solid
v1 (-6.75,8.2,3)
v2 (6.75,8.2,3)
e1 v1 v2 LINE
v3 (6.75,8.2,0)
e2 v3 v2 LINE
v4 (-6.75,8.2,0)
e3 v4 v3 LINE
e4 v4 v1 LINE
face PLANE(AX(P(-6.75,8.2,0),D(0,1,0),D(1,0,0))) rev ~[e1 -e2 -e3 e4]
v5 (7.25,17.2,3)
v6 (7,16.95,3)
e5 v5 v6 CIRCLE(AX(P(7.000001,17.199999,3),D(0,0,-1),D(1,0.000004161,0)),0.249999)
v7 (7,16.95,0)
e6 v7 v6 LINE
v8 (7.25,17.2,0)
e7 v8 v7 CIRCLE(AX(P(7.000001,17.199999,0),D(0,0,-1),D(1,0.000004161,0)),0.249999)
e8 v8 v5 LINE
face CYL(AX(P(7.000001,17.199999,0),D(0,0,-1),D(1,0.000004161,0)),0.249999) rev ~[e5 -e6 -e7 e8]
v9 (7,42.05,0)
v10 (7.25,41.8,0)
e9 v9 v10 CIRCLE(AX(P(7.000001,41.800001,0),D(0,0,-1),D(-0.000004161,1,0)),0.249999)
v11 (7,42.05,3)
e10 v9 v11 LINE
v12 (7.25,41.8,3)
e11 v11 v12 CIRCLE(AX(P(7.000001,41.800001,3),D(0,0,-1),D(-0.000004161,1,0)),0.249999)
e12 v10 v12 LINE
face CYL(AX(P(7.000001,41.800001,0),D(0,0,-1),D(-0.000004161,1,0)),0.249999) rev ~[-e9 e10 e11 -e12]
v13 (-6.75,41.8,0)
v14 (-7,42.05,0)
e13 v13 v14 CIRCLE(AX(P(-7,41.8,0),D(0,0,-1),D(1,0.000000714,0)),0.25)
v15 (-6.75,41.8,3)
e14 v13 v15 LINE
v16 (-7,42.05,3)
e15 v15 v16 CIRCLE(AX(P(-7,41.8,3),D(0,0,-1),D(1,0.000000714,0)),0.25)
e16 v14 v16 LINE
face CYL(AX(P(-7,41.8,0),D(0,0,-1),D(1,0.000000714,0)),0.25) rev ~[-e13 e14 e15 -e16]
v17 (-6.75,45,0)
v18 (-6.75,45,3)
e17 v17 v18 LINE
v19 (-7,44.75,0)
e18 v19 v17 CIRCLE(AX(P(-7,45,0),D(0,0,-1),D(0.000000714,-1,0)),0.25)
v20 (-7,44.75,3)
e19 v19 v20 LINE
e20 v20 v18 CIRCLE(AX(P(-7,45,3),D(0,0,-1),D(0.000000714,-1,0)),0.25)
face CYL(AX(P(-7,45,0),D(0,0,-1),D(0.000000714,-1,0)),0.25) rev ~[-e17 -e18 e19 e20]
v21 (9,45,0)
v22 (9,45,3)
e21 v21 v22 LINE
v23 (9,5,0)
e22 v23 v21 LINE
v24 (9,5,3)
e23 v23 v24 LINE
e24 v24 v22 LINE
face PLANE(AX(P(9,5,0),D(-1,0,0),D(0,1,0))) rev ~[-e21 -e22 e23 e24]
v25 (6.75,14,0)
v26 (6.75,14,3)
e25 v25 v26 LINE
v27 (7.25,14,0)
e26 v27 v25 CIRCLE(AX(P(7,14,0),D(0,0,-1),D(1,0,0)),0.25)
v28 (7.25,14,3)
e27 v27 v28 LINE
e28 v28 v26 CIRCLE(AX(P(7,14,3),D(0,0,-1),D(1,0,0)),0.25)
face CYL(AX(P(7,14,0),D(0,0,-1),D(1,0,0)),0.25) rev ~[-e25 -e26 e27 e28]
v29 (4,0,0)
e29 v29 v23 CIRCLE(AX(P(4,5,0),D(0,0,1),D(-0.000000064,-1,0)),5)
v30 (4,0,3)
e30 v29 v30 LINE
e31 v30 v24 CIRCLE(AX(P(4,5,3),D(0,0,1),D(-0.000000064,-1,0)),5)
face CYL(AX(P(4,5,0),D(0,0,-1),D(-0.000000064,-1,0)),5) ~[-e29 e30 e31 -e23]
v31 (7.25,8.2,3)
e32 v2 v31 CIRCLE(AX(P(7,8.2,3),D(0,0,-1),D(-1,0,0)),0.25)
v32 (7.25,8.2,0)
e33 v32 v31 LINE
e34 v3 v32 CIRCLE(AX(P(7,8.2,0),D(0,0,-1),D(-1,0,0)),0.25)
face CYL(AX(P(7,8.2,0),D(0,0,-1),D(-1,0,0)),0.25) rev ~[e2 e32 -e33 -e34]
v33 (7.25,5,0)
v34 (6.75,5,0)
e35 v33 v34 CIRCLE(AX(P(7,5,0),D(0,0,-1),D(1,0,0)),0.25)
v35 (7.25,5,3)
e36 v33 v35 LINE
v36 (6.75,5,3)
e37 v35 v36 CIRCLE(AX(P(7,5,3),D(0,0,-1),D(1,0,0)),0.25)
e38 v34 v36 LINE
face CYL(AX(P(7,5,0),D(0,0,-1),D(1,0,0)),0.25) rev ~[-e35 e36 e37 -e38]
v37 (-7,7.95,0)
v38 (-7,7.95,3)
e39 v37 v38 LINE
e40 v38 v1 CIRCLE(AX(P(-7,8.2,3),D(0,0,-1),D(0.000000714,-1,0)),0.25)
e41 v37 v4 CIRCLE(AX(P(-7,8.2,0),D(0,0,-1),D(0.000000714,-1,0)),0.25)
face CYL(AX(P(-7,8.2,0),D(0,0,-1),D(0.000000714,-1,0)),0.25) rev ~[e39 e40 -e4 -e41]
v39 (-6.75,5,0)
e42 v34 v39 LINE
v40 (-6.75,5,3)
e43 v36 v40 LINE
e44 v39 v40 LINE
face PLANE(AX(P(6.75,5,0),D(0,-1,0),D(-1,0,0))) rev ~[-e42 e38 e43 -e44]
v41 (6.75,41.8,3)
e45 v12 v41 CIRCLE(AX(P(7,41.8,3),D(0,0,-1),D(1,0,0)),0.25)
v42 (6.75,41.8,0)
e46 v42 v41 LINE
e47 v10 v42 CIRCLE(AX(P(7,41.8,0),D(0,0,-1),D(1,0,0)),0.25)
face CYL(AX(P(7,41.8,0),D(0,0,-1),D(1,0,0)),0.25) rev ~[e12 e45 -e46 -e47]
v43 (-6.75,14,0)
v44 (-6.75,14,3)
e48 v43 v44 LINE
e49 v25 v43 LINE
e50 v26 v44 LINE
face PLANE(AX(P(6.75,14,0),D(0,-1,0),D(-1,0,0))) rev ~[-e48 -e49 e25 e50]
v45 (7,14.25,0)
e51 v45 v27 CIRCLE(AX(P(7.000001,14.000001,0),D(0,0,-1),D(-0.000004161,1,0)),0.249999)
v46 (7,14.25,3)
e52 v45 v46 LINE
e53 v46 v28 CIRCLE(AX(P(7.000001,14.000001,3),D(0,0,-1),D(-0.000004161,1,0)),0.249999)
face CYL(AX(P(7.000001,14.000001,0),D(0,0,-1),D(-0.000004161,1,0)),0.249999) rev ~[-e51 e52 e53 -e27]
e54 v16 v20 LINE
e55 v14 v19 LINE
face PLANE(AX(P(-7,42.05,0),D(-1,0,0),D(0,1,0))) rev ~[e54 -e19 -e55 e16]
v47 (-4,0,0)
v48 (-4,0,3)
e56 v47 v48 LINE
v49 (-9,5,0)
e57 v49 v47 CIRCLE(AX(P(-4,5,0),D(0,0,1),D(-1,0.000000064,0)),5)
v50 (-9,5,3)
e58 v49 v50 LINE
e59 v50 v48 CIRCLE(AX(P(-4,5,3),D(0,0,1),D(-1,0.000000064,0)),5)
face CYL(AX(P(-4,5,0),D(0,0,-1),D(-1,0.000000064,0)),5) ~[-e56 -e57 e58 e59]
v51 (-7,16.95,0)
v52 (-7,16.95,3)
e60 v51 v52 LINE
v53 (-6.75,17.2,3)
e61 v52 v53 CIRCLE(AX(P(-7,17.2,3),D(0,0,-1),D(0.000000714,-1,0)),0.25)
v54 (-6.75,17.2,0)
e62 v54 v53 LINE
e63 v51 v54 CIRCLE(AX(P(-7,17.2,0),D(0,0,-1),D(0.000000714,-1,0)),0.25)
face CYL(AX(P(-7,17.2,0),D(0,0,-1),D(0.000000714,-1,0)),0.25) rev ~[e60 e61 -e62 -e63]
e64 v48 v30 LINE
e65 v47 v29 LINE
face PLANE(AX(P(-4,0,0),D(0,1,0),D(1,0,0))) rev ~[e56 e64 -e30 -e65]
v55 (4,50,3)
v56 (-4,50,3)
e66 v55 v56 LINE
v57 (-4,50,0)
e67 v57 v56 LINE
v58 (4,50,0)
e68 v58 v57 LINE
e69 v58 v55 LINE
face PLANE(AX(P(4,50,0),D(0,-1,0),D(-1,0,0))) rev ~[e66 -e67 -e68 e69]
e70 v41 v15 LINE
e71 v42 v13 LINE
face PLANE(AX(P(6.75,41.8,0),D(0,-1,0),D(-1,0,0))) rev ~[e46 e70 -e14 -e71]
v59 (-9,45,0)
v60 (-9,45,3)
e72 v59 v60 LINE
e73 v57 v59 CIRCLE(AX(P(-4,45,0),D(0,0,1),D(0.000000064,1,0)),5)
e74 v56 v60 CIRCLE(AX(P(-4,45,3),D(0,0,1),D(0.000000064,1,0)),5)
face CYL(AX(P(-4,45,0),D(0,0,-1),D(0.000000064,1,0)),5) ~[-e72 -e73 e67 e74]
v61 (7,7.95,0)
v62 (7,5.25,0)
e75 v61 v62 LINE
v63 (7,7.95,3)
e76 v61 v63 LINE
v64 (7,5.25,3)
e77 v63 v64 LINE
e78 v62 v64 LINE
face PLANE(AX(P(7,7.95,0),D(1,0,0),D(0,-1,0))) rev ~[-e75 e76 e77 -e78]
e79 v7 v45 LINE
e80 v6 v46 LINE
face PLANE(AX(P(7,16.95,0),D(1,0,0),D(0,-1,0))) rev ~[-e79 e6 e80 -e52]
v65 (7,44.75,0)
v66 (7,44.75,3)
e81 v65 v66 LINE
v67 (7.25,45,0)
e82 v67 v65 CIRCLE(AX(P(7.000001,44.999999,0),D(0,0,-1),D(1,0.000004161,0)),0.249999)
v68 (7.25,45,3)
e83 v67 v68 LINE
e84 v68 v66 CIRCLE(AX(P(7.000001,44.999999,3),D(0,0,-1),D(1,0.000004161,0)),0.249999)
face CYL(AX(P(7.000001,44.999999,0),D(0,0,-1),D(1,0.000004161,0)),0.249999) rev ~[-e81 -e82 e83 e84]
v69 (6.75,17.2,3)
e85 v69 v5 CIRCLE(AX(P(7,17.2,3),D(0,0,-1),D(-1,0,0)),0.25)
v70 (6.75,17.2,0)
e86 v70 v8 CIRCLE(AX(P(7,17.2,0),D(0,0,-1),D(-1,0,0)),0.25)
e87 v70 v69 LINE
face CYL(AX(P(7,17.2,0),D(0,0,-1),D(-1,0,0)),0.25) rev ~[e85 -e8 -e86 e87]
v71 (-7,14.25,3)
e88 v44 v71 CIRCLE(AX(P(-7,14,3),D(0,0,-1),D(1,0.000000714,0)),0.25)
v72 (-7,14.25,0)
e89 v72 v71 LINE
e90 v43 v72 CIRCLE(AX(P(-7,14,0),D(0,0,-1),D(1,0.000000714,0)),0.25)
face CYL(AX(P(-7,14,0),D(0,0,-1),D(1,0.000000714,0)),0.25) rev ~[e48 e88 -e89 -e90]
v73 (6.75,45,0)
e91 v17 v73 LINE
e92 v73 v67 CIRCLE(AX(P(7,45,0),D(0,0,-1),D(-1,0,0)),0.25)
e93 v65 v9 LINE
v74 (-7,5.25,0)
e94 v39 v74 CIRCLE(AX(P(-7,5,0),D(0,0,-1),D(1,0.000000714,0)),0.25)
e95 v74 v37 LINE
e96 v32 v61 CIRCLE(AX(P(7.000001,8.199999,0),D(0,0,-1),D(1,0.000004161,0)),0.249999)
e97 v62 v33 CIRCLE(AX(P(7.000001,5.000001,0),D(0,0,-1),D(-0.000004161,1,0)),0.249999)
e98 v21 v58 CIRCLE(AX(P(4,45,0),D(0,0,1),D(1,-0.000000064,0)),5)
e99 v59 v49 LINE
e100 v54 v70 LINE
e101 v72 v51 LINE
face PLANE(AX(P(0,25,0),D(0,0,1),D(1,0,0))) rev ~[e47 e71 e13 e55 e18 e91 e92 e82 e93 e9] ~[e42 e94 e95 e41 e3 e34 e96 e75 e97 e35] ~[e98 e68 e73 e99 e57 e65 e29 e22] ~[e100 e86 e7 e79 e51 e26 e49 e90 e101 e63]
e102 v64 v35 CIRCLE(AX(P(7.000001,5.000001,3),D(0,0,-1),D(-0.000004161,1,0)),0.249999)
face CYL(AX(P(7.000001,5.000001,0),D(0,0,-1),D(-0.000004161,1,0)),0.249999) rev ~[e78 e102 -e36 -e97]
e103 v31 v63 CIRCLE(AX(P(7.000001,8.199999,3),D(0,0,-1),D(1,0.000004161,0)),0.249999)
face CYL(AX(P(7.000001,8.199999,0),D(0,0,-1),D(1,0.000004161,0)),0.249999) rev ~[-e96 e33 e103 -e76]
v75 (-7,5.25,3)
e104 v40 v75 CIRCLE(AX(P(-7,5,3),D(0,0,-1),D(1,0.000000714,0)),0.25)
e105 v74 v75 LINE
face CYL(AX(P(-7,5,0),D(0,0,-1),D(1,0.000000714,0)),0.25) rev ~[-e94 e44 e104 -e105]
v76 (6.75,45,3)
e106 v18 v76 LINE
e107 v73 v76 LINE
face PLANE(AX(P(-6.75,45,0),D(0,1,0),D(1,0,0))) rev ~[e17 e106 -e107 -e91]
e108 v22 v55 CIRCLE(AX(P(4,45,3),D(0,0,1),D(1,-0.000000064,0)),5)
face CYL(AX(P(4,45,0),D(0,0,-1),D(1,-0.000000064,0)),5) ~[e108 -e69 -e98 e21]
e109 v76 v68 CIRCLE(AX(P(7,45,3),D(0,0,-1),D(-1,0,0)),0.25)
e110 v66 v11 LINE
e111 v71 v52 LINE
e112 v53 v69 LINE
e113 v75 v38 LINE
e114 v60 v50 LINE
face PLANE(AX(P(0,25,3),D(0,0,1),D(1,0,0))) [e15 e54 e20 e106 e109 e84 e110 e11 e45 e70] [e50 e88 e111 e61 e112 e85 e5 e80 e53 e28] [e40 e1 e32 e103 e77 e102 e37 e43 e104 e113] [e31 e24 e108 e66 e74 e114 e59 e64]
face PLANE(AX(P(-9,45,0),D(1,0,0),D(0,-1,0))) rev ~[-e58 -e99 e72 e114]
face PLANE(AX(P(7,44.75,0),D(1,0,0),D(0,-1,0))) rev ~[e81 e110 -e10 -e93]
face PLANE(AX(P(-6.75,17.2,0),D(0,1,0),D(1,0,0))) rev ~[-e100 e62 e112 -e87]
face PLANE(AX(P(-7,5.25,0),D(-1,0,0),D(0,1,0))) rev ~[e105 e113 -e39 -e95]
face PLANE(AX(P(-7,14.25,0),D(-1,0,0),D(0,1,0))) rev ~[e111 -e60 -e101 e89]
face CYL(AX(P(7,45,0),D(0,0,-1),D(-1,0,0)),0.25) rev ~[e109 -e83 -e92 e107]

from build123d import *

# Parameters (mm, degrees)
F1_DEPTH = 3


with BuildPart() as f1:
    # F0 (on Top) → F1 (new body)
    with BuildSketch(Plane.XY):
        with BuildLine():
            Line((4, 50), (-4, 50))
            ThreePointArc((-4, 50), (-7.535534, 48.535534), (-9, 45))
            Line((-9, 45), (-9, 5))
            ThreePointArc((-9, 5), (-7.535534, 1.464466), (-4, 0))
            Line((-4, 0), (4, 0))
            ThreePointArc((4, 0), (7.535534, 1.464466), (9, 5))
            Line((9, 5), (9, 45))
            ThreePointArc((9, 45), (7.535534, 48.535534), (4, 50))
        make_face()
        with BuildLine():
            ThreePointArc((-7, 7.95), (-7.176777, 8.376777), (-6.75, 8.2))
            Line((-6.75, 8.2), (6.75, 8.2))
            ThreePointArc((6.75, 8.2), (7, 8.45), (7.25, 8.2))
            ThreePointArc((7.25, 8.2), (7.176777, 8.023223), (7, 7.95))
            Line((7, 7.95), (7, 5.25))
            ThreePointArc((7, 5.25), (7.176777, 5.176777), (7.25, 5))
            ThreePointArc((7.25, 5), (7, 4.75), (6.75, 5))
            Line((6.75, 5), (-6.75, 5))
            ThreePointArc((-6.75, 5), (-7.176777, 4.823223), (-7, 5.25))
            Line((-7, 5.25), (-7, 7.95))
        make_face(mode=Mode.SUBTRACT)
        with BuildLine():
            ThreePointArc((-7, 16.95), (-7.176777, 17.376777), (-6.75, 17.2))
            Line((-6.75, 17.2), (6.75, 17.2))
            ThreePointArc((6.75, 17.2), (7, 17.45), (7.25, 17.2))
            ThreePointArc((7.25, 17.2), (7.176777, 17.023223), (7, 16.95))
            Line((7, 16.95), (7, 14.25))
            ThreePointArc((7, 14.25), (7.176777, 14.176777), (7.25, 14))
            ThreePointArc((7.25, 14), (7, 13.75), (6.75, 14))
            Line((6.75, 14), (-6.75, 14))
            ThreePointArc((-6.75, 14), (-7.176777, 13.823223), (-7, 14.25))
            Line((-7, 14.25), (-7, 16.95))
        make_face(mode=Mode.SUBTRACT)
        with BuildLine():
            ThreePointArc((-7, 44.75), (-7.176777, 45.176777), (-6.75, 45))
            Line((-6.75, 45), (6.75, 45))
            ThreePointArc((6.75, 45), (7, 45.25), (7.25, 45))
            ThreePointArc((7.25, 45), (7.176777, 44.823223), (7, 44.75))
            Line((7, 44.75), (7, 42.05))
            ThreePointArc((7, 42.05), (7.176777, 41.976777), (7.25, 41.8))
            ThreePointArc((7.25, 41.8), (7, 41.55), (6.75, 41.8))
            Line((6.75, 41.8), (-6.75, 41.8))
            ThreePointArc((-6.75, 41.8), (-7.176777, 41.623223), (-7, 42.05))
            Line((-7, 42.05), (-7, 44.75))
        make_face(mode=Mode.SUBTRACT)
    extrude(amount=F1_DEPTH)


solid = f1.part
